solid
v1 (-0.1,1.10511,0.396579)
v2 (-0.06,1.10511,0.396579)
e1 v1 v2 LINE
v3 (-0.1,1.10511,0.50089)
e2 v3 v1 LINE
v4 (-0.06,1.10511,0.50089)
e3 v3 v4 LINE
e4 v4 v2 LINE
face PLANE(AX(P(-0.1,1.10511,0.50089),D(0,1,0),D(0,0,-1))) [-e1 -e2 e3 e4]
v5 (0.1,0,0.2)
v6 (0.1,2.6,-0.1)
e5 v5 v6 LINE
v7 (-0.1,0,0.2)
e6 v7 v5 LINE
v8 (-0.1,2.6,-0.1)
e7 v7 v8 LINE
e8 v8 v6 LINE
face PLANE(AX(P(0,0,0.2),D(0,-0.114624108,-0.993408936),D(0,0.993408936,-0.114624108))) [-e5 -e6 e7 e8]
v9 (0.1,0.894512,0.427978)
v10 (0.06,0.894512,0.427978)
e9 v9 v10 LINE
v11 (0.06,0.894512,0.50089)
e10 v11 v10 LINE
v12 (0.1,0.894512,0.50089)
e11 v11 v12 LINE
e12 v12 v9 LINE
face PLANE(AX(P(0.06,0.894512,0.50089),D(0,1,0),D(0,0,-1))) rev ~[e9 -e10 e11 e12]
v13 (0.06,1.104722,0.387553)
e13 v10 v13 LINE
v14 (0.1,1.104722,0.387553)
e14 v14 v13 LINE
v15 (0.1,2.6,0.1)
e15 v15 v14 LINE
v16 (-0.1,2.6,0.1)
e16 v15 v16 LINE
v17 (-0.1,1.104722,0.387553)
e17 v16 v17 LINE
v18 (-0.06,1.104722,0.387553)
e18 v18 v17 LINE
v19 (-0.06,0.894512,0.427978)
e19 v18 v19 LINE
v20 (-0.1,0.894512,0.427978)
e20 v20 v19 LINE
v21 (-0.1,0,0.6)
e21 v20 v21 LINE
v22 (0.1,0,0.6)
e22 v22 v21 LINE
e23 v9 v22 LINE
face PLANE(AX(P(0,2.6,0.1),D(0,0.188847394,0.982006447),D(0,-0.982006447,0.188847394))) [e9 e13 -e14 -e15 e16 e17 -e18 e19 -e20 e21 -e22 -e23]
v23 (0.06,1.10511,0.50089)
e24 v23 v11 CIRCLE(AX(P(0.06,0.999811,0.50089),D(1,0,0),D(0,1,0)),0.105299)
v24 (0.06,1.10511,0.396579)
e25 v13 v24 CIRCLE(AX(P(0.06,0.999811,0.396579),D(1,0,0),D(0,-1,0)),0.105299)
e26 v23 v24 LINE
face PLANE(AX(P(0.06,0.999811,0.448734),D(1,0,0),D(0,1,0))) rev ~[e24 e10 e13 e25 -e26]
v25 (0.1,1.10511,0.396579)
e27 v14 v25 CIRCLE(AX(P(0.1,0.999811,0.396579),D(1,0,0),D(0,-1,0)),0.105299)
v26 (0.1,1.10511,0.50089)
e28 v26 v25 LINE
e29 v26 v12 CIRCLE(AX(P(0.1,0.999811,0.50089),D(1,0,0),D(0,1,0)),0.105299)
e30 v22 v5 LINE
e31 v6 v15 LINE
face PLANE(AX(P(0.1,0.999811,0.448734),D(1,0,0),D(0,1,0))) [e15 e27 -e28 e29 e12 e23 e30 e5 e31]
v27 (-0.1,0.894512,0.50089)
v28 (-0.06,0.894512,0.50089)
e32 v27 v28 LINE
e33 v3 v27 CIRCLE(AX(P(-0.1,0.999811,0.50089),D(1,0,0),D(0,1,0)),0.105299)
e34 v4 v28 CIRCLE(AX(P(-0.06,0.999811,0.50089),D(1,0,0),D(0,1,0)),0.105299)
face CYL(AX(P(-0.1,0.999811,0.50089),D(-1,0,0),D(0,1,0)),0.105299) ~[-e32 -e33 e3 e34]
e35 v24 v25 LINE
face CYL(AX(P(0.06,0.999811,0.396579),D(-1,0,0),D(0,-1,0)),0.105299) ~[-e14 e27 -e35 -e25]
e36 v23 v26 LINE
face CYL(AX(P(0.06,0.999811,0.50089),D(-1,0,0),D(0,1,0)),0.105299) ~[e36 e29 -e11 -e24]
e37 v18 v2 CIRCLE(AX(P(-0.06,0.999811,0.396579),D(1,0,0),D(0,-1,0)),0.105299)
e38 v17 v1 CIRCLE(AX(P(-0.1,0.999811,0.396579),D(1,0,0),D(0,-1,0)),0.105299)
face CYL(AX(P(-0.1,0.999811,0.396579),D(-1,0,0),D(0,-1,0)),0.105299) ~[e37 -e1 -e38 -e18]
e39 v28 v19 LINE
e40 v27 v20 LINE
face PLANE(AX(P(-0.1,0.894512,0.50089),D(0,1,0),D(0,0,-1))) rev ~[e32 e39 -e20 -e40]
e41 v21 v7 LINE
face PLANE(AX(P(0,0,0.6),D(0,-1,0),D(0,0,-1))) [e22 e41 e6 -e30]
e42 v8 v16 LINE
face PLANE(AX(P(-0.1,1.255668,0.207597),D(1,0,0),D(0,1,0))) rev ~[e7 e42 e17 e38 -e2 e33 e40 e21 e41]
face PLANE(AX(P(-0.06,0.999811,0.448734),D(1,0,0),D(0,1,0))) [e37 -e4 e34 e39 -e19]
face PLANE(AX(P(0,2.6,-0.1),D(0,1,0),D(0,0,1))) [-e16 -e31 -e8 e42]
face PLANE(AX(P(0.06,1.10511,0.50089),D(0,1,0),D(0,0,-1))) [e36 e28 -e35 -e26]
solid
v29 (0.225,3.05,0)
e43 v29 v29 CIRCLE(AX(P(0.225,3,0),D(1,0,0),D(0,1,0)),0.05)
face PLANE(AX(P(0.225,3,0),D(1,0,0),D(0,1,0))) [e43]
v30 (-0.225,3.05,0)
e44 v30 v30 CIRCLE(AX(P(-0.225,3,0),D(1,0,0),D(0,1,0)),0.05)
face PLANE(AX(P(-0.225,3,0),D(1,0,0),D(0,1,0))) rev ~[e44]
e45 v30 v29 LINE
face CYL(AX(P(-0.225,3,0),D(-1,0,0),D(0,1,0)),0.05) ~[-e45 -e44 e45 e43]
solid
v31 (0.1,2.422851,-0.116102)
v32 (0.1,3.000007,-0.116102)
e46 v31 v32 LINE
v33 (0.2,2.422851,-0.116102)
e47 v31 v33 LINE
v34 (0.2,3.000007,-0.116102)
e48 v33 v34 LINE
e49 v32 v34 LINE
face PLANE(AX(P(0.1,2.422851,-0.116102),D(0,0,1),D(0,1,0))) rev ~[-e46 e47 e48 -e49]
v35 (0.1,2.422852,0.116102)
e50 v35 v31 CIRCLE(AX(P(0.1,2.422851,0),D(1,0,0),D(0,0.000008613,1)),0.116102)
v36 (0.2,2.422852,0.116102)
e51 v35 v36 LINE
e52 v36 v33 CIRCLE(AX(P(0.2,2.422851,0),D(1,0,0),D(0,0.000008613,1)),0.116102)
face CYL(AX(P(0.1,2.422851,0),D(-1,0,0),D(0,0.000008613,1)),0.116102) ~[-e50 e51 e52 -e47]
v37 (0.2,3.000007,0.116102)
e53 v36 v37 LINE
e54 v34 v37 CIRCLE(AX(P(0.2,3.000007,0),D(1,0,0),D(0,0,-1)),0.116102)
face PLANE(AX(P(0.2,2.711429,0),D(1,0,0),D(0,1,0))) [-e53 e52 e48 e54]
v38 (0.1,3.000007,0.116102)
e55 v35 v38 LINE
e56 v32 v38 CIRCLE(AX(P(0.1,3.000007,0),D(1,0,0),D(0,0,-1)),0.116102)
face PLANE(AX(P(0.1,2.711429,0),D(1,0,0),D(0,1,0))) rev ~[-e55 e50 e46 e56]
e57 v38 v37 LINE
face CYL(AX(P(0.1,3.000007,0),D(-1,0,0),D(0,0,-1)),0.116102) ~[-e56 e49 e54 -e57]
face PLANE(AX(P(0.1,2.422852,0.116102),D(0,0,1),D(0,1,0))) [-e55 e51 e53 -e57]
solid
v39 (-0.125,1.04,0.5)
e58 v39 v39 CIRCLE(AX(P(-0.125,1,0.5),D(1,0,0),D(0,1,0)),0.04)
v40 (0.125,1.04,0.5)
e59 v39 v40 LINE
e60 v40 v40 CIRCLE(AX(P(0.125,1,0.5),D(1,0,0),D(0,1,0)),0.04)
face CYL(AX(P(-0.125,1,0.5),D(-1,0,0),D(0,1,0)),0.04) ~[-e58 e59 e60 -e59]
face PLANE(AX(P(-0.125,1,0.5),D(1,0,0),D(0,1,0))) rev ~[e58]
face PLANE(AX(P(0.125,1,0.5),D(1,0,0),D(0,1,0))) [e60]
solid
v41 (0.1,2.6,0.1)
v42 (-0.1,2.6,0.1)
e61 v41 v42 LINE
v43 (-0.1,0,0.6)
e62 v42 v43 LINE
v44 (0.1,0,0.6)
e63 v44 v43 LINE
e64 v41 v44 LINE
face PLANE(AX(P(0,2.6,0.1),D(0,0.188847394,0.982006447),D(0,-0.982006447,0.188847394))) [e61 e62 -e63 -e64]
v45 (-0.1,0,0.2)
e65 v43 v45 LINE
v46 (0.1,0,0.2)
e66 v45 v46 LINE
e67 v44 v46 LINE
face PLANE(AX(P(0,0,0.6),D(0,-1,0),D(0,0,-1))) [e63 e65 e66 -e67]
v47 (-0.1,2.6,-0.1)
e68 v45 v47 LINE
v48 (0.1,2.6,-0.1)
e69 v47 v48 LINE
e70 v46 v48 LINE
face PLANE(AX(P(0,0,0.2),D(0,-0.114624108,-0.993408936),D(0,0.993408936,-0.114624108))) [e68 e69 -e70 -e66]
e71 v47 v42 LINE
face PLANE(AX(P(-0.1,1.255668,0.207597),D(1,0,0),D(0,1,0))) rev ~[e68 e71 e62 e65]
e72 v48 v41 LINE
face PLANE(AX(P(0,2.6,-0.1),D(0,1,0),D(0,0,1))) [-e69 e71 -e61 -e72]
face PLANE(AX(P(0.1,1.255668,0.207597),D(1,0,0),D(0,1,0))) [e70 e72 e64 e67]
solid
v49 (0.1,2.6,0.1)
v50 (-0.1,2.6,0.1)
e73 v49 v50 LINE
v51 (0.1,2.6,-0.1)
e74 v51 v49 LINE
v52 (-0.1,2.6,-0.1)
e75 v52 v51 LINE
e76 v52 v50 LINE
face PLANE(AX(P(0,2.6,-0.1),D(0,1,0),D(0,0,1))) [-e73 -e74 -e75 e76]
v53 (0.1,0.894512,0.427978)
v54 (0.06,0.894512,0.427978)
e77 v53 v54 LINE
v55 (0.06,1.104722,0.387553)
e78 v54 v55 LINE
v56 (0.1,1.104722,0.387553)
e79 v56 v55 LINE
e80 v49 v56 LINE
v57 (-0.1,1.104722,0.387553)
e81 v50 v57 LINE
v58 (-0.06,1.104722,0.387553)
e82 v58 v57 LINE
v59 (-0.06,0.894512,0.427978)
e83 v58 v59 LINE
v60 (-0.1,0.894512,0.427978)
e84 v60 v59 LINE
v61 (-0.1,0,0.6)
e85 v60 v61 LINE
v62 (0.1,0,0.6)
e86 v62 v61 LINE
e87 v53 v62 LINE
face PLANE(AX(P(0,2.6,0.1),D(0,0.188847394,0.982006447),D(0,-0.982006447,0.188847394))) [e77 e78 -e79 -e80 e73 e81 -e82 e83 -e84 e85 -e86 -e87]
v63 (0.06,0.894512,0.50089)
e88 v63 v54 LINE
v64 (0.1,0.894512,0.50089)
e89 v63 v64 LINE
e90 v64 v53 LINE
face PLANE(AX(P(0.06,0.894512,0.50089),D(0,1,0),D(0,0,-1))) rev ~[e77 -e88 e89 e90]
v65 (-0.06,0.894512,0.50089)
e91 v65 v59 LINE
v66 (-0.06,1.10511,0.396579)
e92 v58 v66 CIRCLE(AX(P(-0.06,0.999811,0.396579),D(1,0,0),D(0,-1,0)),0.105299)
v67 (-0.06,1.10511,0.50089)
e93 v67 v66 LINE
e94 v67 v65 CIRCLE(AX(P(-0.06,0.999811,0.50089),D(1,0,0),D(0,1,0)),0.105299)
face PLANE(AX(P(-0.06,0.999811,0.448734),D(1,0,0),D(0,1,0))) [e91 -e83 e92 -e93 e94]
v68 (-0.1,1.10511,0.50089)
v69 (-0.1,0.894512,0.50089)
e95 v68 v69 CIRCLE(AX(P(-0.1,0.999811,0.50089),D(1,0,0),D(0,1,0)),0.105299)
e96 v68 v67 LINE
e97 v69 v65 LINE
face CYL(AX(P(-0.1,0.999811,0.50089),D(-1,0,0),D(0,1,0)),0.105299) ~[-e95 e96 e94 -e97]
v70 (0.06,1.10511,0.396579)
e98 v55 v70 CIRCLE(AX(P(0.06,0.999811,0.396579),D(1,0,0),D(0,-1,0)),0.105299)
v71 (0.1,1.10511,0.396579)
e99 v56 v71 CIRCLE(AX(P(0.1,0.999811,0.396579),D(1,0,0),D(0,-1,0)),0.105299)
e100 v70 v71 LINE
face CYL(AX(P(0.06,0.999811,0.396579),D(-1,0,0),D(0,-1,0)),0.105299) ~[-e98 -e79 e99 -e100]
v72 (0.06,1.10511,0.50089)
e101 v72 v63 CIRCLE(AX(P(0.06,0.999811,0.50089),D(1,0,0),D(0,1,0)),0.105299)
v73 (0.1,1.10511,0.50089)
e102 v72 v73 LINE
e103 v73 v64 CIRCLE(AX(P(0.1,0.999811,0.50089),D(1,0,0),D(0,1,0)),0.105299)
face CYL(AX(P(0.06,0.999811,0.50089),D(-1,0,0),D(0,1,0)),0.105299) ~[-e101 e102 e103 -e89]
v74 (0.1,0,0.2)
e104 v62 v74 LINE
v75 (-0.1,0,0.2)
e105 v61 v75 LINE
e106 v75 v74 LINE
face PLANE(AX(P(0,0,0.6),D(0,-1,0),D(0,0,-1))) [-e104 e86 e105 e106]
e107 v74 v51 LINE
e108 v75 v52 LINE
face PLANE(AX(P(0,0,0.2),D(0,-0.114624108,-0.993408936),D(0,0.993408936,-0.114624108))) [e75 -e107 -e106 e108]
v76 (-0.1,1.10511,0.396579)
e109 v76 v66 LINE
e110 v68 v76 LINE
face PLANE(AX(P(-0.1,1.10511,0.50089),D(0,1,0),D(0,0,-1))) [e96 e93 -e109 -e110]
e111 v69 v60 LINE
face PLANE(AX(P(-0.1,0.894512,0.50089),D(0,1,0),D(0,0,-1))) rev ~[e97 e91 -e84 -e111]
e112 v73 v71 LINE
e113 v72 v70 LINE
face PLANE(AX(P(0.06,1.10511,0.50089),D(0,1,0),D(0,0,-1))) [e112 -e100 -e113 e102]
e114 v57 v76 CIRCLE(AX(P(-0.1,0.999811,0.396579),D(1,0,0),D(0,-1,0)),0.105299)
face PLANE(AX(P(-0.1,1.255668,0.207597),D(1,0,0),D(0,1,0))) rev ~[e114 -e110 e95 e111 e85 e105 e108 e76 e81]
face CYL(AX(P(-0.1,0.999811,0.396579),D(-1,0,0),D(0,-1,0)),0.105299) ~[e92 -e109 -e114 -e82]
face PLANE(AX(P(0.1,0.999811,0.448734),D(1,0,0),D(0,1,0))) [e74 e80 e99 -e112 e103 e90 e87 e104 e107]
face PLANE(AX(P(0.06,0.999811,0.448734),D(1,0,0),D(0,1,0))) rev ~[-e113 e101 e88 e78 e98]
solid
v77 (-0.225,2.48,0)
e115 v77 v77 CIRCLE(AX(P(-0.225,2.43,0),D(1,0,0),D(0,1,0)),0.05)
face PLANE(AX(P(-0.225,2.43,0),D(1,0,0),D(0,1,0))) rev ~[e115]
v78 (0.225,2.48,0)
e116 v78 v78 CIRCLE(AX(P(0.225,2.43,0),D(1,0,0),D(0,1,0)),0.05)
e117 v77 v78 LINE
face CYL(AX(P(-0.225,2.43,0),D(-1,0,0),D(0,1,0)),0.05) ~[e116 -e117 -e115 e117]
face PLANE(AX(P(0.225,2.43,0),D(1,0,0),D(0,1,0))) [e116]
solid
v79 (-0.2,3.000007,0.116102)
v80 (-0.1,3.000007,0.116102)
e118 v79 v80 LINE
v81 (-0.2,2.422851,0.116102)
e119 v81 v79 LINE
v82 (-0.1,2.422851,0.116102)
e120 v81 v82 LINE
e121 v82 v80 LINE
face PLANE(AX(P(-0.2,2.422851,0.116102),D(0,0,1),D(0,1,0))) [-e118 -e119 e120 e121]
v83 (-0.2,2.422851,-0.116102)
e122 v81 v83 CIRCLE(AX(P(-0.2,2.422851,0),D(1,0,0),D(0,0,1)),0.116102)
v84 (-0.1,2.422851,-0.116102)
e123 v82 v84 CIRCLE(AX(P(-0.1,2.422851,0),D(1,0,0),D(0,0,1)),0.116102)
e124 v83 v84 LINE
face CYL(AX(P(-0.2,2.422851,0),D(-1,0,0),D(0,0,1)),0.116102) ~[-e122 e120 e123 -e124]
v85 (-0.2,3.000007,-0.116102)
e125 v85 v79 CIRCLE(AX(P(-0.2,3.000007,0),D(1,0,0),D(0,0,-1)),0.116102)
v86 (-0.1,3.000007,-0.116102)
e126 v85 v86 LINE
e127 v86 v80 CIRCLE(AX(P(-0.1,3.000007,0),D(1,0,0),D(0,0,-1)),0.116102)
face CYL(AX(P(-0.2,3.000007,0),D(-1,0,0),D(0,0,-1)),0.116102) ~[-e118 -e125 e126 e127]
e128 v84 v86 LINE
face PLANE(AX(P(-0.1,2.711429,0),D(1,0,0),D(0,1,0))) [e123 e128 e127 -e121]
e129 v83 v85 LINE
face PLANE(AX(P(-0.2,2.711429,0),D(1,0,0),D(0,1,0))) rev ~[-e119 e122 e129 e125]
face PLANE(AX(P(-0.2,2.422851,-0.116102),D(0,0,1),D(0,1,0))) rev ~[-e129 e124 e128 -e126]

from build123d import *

# Parameters (mm, degrees)
PAD_DEPTH         = 0.1
PAD001_DEPTH      = 0.1
CYLINDER001_R     = 0.05
CYLINDER001_DEPTH = 0.45
PAD002_DEPTH      = 0.1
CYLINDER003_R     = 0.04
CYLINDER003_DEPTH = 0.25
PAD004_DEPTH      = 0.04
PAD003_DEPTH      = 0.1
PAD005_DEPTH      = 0.04
CYLINDER_R        = 0.05
CYLINDER_DEPTH    = 0.45


with BuildPart() as pad:
    # Sketch → Pad (new body, symmetric)
    with BuildSketch(Plane.YZ):
        Polygon((0, 0.6), (0, 0.2), (2.6, -0.1), (2.6, 0.1), align=None)
    extrude(amount=PAD_DEPTH, both=True)


with BuildPart() as pad001:
    # Sketch001 → Pad001 (new body)
    with BuildSketch(Plane.YZ.offset(0.1)):
        with BuildLine():
            ThreePointArc((2.422852, 0.116102), (2.306749, 0), (2.422851, -0.116102))
            Line((2.422851, -0.116102), (3.000007, -0.116102))
            ThreePointArc((3.000007, -0.116102), (3.116109, 0), (3.000007, 0.116102))
            Line((2.422852, 0.116102), (3.000007, 0.116102))
        make_face()
    extrude(amount=PAD001_DEPTH)


with BuildPart() as cylinder001:
    # Cylinder001 → Cylinder001 (new body)
    with BuildSketch(Plane(origin=(-0.225, 3, 0), x_dir=(0, 1, 0), z_dir=(1, 0, 0))):
        Circle(CYLINDER001_R)
    extrude(amount=CYLINDER001_DEPTH)


with BuildPart() as pad002:
    # Sketch002 → Pad002 (new body)
    with BuildSketch(Plane.YZ.offset(-0.2)):
        with BuildLine():
            ThreePointArc((2.422851, 0.116102), (2.306749, 0), (2.422851, -0.116102))
            Line((2.422851, -0.116102), (3.000007, -0.116102))
            ThreePointArc((3.000007, -0.116102), (3.116109, 0), (3.000007, 0.116102))
            Line((2.422851, 0.116102), (3.000007, 0.116102))
        make_face()
    extrude(amount=PAD002_DEPTH)


with BuildPart() as cylinder003:
    # Cylinder003 → Cylinder003 (new body)
    with BuildSketch(Plane(origin=(-0.125, 1, 0.5), x_dir=(0, 1, 0), z_dir=(1, 0, 0))):
        Circle(CYLINDER003_R)
    extrude(amount=CYLINDER003_DEPTH)


with BuildPart() as pad004:
    # Sketch004 → Pad004 (new body)
    with BuildSketch(Plane.YZ.offset(0.06)):
        with BuildLine():
            ThreePointArc((1.10511, 0.50089), (0.999811, 0.606189), (0.894512, 0.50089))
            Line((0.894512, 0.50089), (0.894512, 0.396579))
            ThreePointArc((0.894512, 0.396579), (0.999811, 0.29128), (1.10511, 0.396579))
            Line((1.10511, 0.50089), (1.10511, 0.396579))
        make_face()
    extrude(amount=PAD004_DEPTH)


with BuildPart() as fusion:
    # Sketch003 → Pad003 (new body, symmetric)
    with BuildSketch(Plane.YZ):
        Polygon((0, 0.6), (0, 0.2), (2.6, -0.1), (2.6, 0.1), align=None)
    extrude(amount=PAD003_DEPTH, both=True)

    # Fusion: union Pad004
    add(pad004.part)


with BuildPart() as pad005:
    # Sketch005 → Pad005 (new body)
    with BuildSketch(Plane.YZ.offset(-0.1)):
        with BuildLine():
            ThreePointArc((1.10511, 0.50089), (0.999811, 0.606189), (0.894512, 0.50089))
            Line((0.894512, 0.50089), (0.894512, 0.396579))
            ThreePointArc((0.894512, 0.396579), (0.999811, 0.29128), (1.10511, 0.396579))
            Line((1.10511, 0.50089), (1.10511, 0.396579))
        make_face()
    extrude(amount=PAD005_DEPTH)


with BuildPart() as fusion001:
    # Fusion001 base: copy of Pad005
    add(pad005.part)

    # Fusion001: union Fusion
    add(fusion.part)


with BuildPart() as fusion002:
    # Fusion002 base: copy of Pad005
    add(pad005.part)

    # Fusion002: union Fusion
    add(fusion.part)


with BuildPart() as cylinder:
    # Cylinder → Cylinder (new body)
    with BuildSketch(Plane(origin=(-0.225, 2.43, 0), x_dir=(0, 1, 0), z_dir=(1, 0, 0))):
        Circle(CYLINDER_R)
    extrude(amount=CYLINDER_DEPTH)


solid = Compound([pad.part, pad001.part, cylinder001.part, pad002.part, cylinder003.part, fusion001.part, fusion002.part, cylinder.part])
